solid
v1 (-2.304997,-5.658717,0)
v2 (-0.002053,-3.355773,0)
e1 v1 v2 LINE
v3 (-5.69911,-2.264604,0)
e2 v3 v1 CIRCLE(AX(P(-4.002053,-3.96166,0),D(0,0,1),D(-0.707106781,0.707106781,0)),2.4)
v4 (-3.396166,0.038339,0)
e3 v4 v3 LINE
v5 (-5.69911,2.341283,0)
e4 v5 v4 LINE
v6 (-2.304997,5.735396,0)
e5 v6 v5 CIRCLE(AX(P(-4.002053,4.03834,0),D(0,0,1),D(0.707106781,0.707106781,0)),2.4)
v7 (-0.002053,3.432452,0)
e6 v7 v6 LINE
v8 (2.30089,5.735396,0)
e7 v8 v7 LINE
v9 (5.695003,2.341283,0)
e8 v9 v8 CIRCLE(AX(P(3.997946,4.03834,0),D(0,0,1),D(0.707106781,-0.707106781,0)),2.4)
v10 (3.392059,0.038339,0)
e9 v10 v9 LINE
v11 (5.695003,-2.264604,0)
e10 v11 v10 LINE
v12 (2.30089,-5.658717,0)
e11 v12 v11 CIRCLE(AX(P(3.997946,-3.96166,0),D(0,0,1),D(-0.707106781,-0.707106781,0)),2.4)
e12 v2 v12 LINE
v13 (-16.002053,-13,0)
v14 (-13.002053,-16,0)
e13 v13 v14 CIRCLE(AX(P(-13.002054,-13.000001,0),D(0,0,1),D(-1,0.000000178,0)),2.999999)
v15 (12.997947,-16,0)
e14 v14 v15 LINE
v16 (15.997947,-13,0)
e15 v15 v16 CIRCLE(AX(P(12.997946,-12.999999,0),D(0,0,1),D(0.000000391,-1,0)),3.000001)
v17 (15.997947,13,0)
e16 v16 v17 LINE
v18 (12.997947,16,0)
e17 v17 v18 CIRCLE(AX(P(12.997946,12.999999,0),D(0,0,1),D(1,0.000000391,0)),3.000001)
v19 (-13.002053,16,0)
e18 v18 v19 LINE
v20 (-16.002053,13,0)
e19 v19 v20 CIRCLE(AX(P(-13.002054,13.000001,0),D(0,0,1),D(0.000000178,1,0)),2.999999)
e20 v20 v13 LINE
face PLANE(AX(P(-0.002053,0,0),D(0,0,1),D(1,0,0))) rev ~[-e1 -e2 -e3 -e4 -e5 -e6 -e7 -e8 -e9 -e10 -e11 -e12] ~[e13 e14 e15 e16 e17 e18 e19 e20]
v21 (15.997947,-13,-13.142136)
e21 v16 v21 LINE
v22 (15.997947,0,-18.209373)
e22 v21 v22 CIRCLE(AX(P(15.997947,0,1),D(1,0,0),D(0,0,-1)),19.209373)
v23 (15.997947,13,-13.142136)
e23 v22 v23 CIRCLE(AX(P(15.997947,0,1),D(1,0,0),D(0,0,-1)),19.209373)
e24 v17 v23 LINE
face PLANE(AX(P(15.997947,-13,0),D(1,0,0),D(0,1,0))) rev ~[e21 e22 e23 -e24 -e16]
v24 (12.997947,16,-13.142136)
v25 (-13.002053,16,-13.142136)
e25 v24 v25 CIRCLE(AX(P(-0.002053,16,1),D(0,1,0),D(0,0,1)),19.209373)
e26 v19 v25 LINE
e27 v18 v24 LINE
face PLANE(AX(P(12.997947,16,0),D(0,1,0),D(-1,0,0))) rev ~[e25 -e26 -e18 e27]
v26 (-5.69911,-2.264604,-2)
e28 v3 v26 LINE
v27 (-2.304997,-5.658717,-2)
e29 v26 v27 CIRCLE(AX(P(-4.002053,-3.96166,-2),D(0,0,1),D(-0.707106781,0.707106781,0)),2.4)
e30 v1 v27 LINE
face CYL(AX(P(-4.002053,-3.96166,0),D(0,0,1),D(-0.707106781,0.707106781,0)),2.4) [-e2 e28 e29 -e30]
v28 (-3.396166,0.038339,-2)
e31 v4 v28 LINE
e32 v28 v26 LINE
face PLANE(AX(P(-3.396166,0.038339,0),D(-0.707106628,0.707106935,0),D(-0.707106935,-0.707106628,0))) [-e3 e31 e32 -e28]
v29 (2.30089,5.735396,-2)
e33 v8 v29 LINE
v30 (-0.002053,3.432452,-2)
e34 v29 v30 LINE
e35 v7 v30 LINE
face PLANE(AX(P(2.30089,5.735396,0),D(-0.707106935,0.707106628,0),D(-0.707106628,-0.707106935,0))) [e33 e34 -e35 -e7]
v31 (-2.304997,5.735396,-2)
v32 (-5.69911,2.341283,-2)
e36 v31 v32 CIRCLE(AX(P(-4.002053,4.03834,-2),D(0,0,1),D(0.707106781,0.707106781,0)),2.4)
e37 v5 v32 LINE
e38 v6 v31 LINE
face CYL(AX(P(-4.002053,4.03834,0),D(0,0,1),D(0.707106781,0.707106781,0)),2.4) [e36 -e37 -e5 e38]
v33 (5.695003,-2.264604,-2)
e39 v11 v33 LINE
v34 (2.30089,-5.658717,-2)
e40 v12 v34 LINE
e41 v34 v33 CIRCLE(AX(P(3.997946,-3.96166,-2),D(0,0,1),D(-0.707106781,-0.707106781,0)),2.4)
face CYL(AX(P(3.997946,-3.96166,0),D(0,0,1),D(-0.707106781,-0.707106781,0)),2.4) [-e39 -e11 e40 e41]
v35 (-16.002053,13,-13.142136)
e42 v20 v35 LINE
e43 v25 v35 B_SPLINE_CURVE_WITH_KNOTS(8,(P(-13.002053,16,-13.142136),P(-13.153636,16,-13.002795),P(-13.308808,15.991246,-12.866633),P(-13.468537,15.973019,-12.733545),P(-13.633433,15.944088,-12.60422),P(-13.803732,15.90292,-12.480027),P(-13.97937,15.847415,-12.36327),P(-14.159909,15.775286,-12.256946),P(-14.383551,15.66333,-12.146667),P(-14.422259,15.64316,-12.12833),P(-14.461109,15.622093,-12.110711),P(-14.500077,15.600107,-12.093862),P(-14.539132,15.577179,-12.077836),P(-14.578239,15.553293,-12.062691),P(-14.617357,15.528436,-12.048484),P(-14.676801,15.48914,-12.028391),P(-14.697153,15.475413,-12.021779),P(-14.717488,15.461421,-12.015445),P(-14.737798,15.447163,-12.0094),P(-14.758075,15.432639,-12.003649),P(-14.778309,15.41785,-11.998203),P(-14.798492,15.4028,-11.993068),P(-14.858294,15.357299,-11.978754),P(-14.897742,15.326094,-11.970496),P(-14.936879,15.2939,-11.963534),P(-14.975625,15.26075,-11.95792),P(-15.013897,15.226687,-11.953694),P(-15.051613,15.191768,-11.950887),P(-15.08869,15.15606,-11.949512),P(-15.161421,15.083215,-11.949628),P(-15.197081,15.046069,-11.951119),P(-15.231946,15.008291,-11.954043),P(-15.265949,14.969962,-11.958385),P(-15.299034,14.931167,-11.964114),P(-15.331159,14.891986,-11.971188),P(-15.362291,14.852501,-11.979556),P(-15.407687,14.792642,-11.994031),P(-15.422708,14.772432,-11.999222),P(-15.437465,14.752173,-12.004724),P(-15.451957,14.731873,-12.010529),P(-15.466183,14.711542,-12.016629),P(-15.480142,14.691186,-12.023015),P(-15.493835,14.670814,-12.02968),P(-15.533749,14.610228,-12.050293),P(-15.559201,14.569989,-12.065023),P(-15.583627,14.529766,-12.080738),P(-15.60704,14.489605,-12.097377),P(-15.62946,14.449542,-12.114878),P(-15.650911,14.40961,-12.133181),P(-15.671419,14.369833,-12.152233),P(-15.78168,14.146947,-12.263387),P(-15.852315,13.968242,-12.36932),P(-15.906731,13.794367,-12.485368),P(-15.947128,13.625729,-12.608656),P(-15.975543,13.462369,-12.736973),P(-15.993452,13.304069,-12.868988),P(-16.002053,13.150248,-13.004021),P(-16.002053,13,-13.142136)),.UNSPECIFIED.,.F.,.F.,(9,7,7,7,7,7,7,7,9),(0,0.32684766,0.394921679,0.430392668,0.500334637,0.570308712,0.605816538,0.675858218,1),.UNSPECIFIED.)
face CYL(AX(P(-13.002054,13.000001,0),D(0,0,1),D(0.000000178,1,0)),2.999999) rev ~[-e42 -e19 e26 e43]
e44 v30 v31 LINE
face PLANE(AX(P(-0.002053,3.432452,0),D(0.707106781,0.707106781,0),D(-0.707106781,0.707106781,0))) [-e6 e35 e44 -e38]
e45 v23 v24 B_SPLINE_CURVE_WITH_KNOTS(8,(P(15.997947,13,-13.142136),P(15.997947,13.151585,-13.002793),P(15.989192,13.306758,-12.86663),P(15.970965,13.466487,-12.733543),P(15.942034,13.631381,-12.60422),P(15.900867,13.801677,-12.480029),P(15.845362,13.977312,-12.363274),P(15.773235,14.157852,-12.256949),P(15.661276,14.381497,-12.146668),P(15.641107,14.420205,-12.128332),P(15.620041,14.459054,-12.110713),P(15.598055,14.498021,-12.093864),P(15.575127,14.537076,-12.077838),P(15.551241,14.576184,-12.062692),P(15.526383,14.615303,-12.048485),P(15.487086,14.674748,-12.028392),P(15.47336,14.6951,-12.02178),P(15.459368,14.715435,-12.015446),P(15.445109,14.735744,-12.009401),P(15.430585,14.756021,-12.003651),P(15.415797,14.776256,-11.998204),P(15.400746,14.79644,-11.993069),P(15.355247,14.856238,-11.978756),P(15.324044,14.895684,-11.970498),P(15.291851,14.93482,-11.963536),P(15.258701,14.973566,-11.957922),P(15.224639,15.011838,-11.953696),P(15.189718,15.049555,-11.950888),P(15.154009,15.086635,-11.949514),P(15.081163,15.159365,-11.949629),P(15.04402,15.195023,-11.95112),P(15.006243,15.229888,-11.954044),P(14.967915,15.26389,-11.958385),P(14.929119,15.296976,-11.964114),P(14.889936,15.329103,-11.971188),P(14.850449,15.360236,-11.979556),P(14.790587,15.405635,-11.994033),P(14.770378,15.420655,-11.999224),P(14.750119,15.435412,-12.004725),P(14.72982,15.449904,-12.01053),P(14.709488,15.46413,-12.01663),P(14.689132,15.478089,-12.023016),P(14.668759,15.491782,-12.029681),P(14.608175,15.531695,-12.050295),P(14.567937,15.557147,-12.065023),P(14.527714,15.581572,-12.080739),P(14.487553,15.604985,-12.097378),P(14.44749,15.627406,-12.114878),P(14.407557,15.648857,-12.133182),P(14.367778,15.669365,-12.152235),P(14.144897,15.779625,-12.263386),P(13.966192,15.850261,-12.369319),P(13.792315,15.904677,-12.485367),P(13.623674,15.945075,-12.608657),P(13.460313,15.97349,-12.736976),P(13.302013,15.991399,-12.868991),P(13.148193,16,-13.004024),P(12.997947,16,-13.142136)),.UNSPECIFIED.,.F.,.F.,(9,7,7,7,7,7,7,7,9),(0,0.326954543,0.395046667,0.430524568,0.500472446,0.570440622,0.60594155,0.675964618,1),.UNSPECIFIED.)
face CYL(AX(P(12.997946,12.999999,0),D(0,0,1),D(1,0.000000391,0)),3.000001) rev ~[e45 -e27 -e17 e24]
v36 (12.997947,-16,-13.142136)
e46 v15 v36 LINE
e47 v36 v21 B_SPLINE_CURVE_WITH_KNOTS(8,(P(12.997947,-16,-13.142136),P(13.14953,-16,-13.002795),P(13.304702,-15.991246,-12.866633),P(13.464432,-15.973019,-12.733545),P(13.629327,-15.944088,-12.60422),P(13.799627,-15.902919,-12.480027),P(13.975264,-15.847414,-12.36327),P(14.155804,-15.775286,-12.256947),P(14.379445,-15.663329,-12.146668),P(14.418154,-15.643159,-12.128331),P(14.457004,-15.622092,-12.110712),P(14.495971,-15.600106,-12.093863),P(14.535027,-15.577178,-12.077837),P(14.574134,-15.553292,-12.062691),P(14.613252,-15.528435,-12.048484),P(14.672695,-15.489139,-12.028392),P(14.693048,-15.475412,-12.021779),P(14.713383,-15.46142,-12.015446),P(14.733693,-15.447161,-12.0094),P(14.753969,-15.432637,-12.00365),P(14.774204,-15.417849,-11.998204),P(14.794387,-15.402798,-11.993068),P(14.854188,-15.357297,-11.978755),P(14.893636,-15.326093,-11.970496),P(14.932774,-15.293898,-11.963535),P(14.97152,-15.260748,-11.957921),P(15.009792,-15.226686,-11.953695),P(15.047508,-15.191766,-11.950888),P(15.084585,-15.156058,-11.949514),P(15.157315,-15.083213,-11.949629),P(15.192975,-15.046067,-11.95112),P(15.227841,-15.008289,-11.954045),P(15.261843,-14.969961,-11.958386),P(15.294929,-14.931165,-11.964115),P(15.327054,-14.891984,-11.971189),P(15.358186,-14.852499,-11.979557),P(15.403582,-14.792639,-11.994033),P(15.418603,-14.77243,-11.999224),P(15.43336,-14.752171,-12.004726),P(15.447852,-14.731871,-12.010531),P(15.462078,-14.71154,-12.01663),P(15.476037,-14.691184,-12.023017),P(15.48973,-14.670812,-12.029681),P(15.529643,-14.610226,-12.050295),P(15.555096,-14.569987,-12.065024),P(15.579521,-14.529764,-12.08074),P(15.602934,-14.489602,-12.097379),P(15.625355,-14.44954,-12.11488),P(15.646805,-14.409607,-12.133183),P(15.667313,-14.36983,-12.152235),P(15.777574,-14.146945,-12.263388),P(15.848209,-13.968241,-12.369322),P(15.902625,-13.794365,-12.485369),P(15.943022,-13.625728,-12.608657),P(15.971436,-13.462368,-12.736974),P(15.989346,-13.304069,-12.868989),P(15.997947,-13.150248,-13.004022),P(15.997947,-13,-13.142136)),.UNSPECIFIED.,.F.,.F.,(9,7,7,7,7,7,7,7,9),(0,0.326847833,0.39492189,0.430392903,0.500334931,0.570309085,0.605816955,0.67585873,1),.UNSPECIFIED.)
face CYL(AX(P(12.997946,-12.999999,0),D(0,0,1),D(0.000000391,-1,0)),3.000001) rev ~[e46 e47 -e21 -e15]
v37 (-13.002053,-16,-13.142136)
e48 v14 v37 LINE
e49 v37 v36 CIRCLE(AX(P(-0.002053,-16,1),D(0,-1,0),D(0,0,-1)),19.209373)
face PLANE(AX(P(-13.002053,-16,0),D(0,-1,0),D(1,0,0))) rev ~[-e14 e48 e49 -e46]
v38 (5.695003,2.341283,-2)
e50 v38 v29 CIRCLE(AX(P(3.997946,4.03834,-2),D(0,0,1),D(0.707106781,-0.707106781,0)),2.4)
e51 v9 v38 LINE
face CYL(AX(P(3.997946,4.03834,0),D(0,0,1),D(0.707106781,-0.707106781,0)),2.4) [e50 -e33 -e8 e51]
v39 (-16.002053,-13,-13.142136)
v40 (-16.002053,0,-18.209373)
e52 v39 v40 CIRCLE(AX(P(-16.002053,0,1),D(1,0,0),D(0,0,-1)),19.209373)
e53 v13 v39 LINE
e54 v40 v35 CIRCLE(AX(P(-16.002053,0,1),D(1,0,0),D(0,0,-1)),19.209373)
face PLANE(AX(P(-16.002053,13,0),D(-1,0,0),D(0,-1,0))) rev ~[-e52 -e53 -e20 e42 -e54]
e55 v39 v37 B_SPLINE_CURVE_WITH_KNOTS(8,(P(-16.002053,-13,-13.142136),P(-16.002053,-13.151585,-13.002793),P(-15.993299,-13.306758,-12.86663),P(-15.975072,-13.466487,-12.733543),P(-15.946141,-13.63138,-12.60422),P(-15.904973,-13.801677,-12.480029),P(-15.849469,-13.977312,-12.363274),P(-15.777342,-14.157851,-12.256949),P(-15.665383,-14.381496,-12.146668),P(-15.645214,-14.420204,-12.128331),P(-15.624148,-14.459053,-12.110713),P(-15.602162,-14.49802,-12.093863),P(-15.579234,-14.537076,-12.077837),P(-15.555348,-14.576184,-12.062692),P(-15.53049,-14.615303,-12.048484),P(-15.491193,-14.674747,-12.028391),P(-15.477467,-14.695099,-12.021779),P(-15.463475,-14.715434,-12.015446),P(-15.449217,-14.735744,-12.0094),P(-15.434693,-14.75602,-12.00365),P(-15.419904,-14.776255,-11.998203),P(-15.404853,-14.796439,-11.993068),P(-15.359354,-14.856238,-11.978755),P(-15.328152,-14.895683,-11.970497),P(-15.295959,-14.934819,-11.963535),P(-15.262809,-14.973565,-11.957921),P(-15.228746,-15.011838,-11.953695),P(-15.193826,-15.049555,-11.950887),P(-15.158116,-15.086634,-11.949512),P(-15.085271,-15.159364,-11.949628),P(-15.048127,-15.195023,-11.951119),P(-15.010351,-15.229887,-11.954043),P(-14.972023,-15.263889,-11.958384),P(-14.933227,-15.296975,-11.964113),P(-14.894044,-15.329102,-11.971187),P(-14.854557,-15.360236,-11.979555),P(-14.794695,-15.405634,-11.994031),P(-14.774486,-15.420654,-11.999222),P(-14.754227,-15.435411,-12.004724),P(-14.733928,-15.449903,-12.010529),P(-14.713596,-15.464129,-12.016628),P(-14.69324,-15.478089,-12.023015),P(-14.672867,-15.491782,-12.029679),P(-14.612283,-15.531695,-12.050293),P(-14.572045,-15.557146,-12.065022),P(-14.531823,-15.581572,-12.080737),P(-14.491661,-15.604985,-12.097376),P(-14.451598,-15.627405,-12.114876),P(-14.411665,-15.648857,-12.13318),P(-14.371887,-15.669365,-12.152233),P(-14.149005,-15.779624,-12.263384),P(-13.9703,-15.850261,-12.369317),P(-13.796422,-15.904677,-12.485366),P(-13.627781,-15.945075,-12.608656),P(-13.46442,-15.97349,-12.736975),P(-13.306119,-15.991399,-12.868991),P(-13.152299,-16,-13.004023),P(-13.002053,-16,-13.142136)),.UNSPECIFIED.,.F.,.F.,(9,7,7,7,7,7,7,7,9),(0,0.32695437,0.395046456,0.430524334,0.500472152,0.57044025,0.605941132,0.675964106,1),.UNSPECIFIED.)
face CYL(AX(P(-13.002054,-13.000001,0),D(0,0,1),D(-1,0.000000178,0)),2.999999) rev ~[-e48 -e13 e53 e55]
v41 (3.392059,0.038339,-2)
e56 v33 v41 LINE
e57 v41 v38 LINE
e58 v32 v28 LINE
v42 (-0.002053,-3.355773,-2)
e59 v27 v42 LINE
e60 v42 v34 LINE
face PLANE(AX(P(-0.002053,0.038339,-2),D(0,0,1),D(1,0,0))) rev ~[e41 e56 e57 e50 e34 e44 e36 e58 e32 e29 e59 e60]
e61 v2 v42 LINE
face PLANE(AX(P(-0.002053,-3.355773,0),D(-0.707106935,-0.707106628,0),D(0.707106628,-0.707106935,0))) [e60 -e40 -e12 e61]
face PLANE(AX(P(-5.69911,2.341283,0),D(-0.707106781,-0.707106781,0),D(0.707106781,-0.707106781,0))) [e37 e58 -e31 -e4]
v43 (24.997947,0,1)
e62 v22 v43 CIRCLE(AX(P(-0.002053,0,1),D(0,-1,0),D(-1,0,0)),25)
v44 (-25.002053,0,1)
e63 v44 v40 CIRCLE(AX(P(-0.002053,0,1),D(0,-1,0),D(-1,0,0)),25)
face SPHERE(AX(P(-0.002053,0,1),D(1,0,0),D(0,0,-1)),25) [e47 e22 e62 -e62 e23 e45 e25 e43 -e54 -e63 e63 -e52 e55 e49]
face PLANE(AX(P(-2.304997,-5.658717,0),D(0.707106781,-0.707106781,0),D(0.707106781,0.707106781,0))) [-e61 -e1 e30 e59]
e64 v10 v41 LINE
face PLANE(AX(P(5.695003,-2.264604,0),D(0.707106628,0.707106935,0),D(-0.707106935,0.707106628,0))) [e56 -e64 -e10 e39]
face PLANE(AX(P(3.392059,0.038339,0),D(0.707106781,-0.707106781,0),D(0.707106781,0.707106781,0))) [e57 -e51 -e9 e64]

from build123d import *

# Parameters (mm, degrees)
F1_DEPTH = 2
F5_DEPTH = 25
F6_DEPTH = 2


with BuildPart() as f1:
    # F0 (on Top) → F1 (new body)
    with BuildSketch(Plane.XY):
        with BuildLine():
            Line((-0.002053, 3.432452), (-2.304997, 5.735396))
            ThreePointArc((-2.304997, 5.735396), (-5.69911, 5.735396), (-5.69911, 2.341283))
            Line((-5.69911, 2.341283), (-3.396166, 0.038339))
            Line((-3.396166, 0.038339), (-5.69911, -2.264604))
            ThreePointArc((-5.69911, -2.264604), (-5.69911, -5.658717), (-2.304997, -5.658717))
            Line((-2.304997, -5.658717), (-0.002053, -3.355773))
            Line((-0.002053, -3.355773), (2.30089, -5.658717))
            ThreePointArc((2.30089, -5.658717), (5.695003, -5.658717), (5.695003, -2.264604))
            Line((5.695003, -2.264604), (3.392059, 0.038339))
            Line((3.392059, 0.038339), (5.695003, 2.341283))
            ThreePointArc((5.695003, 2.341283), (5.695003, 5.735396), (2.30089, 5.735396))
            Line((2.30089, 5.735396), (-0.002053, 3.432452))
        make_face()
    extrude(amount=F1_DEPTH)



with BuildPart() as f3:
    # F2 (on Front) → F3 (revolve)
    with BuildSketch(Plane.XZ):
        with BuildLine():
            Line((24.997947, 1), (-25.002053, 1))
            ThreePointArc((-25.002053, 1), (-0.002053, -24), (24.997947, 1))
        make_face()
    revolve(axis=Axis((-0.456872, 0, 1), (1, 0, 0)))

    # F4 (on Top) → F5 (cut)
    with BuildSketch(Plane.XY):
        with BuildLine():
            Line((12.997947, 16), (-13.002053, 16))
            ThreePointArc((-13.002053, 16), (-15.123374, 15.12132), (-16.002053, 13))
            Line((-16.002053, 13), (-16.002053, -13))
            ThreePointArc((-16.002053, -13), (-15.123374, -15.12132), (-13.002053, -16))
            Line((-13.002053, -16), (12.997947, -16))
            ThreePointArc((12.997947, -16), (15.119267, -15.12132), (15.997947, -13))
            Line((15.997947, -13), (15.997947, 13))
            ThreePointArc((15.997947, 13), (15.119267, 15.12132), (12.997947, 16))
        make_face()
    extrude(amount=-F5_DEPTH, mode=Mode.SUBTRACT)


with BuildPart() as f1_1:
    add(f1.part)

    add(f3.part)  # F6 merges F3
    # F0 (on Top) → F6 (join)
    with BuildSketch(Plane.XY):
        with BuildLine():
            Line((-0.002053, 3.432452), (-2.304997, 5.735396))
            ThreePointArc((-2.304997, 5.735396), (-5.69911, 5.735396), (-5.69911, 2.341283))
            Line((-5.69911, 2.341283), (-3.396166, 0.038339))
            Line((-3.396166, 0.038339), (-5.69911, -2.264604))
            ThreePointArc((-5.69911, -2.264604), (-5.69911, -5.658717), (-2.304997, -5.658717))
            Line((-2.304997, -5.658717), (-0.002053, -3.355773))
            Line((-0.002053, -3.355773), (2.30089, -5.658717))
            ThreePointArc((2.30089, -5.658717), (5.695003, -5.658717), (5.695003, -2.264604))
            Line((5.695003, -2.264604), (3.392059, 0.038339))
            Line((3.392059, 0.038339), (5.695003, 2.341283))
            ThreePointArc((5.695003, 2.341283), (5.695003, 5.735396), (2.30089, 5.735396))
            Line((2.30089, 5.735396), (-0.002053, 3.432452))
        make_face()
    extrude(amount=-F6_DEPTH)


solid = f1_1.part
